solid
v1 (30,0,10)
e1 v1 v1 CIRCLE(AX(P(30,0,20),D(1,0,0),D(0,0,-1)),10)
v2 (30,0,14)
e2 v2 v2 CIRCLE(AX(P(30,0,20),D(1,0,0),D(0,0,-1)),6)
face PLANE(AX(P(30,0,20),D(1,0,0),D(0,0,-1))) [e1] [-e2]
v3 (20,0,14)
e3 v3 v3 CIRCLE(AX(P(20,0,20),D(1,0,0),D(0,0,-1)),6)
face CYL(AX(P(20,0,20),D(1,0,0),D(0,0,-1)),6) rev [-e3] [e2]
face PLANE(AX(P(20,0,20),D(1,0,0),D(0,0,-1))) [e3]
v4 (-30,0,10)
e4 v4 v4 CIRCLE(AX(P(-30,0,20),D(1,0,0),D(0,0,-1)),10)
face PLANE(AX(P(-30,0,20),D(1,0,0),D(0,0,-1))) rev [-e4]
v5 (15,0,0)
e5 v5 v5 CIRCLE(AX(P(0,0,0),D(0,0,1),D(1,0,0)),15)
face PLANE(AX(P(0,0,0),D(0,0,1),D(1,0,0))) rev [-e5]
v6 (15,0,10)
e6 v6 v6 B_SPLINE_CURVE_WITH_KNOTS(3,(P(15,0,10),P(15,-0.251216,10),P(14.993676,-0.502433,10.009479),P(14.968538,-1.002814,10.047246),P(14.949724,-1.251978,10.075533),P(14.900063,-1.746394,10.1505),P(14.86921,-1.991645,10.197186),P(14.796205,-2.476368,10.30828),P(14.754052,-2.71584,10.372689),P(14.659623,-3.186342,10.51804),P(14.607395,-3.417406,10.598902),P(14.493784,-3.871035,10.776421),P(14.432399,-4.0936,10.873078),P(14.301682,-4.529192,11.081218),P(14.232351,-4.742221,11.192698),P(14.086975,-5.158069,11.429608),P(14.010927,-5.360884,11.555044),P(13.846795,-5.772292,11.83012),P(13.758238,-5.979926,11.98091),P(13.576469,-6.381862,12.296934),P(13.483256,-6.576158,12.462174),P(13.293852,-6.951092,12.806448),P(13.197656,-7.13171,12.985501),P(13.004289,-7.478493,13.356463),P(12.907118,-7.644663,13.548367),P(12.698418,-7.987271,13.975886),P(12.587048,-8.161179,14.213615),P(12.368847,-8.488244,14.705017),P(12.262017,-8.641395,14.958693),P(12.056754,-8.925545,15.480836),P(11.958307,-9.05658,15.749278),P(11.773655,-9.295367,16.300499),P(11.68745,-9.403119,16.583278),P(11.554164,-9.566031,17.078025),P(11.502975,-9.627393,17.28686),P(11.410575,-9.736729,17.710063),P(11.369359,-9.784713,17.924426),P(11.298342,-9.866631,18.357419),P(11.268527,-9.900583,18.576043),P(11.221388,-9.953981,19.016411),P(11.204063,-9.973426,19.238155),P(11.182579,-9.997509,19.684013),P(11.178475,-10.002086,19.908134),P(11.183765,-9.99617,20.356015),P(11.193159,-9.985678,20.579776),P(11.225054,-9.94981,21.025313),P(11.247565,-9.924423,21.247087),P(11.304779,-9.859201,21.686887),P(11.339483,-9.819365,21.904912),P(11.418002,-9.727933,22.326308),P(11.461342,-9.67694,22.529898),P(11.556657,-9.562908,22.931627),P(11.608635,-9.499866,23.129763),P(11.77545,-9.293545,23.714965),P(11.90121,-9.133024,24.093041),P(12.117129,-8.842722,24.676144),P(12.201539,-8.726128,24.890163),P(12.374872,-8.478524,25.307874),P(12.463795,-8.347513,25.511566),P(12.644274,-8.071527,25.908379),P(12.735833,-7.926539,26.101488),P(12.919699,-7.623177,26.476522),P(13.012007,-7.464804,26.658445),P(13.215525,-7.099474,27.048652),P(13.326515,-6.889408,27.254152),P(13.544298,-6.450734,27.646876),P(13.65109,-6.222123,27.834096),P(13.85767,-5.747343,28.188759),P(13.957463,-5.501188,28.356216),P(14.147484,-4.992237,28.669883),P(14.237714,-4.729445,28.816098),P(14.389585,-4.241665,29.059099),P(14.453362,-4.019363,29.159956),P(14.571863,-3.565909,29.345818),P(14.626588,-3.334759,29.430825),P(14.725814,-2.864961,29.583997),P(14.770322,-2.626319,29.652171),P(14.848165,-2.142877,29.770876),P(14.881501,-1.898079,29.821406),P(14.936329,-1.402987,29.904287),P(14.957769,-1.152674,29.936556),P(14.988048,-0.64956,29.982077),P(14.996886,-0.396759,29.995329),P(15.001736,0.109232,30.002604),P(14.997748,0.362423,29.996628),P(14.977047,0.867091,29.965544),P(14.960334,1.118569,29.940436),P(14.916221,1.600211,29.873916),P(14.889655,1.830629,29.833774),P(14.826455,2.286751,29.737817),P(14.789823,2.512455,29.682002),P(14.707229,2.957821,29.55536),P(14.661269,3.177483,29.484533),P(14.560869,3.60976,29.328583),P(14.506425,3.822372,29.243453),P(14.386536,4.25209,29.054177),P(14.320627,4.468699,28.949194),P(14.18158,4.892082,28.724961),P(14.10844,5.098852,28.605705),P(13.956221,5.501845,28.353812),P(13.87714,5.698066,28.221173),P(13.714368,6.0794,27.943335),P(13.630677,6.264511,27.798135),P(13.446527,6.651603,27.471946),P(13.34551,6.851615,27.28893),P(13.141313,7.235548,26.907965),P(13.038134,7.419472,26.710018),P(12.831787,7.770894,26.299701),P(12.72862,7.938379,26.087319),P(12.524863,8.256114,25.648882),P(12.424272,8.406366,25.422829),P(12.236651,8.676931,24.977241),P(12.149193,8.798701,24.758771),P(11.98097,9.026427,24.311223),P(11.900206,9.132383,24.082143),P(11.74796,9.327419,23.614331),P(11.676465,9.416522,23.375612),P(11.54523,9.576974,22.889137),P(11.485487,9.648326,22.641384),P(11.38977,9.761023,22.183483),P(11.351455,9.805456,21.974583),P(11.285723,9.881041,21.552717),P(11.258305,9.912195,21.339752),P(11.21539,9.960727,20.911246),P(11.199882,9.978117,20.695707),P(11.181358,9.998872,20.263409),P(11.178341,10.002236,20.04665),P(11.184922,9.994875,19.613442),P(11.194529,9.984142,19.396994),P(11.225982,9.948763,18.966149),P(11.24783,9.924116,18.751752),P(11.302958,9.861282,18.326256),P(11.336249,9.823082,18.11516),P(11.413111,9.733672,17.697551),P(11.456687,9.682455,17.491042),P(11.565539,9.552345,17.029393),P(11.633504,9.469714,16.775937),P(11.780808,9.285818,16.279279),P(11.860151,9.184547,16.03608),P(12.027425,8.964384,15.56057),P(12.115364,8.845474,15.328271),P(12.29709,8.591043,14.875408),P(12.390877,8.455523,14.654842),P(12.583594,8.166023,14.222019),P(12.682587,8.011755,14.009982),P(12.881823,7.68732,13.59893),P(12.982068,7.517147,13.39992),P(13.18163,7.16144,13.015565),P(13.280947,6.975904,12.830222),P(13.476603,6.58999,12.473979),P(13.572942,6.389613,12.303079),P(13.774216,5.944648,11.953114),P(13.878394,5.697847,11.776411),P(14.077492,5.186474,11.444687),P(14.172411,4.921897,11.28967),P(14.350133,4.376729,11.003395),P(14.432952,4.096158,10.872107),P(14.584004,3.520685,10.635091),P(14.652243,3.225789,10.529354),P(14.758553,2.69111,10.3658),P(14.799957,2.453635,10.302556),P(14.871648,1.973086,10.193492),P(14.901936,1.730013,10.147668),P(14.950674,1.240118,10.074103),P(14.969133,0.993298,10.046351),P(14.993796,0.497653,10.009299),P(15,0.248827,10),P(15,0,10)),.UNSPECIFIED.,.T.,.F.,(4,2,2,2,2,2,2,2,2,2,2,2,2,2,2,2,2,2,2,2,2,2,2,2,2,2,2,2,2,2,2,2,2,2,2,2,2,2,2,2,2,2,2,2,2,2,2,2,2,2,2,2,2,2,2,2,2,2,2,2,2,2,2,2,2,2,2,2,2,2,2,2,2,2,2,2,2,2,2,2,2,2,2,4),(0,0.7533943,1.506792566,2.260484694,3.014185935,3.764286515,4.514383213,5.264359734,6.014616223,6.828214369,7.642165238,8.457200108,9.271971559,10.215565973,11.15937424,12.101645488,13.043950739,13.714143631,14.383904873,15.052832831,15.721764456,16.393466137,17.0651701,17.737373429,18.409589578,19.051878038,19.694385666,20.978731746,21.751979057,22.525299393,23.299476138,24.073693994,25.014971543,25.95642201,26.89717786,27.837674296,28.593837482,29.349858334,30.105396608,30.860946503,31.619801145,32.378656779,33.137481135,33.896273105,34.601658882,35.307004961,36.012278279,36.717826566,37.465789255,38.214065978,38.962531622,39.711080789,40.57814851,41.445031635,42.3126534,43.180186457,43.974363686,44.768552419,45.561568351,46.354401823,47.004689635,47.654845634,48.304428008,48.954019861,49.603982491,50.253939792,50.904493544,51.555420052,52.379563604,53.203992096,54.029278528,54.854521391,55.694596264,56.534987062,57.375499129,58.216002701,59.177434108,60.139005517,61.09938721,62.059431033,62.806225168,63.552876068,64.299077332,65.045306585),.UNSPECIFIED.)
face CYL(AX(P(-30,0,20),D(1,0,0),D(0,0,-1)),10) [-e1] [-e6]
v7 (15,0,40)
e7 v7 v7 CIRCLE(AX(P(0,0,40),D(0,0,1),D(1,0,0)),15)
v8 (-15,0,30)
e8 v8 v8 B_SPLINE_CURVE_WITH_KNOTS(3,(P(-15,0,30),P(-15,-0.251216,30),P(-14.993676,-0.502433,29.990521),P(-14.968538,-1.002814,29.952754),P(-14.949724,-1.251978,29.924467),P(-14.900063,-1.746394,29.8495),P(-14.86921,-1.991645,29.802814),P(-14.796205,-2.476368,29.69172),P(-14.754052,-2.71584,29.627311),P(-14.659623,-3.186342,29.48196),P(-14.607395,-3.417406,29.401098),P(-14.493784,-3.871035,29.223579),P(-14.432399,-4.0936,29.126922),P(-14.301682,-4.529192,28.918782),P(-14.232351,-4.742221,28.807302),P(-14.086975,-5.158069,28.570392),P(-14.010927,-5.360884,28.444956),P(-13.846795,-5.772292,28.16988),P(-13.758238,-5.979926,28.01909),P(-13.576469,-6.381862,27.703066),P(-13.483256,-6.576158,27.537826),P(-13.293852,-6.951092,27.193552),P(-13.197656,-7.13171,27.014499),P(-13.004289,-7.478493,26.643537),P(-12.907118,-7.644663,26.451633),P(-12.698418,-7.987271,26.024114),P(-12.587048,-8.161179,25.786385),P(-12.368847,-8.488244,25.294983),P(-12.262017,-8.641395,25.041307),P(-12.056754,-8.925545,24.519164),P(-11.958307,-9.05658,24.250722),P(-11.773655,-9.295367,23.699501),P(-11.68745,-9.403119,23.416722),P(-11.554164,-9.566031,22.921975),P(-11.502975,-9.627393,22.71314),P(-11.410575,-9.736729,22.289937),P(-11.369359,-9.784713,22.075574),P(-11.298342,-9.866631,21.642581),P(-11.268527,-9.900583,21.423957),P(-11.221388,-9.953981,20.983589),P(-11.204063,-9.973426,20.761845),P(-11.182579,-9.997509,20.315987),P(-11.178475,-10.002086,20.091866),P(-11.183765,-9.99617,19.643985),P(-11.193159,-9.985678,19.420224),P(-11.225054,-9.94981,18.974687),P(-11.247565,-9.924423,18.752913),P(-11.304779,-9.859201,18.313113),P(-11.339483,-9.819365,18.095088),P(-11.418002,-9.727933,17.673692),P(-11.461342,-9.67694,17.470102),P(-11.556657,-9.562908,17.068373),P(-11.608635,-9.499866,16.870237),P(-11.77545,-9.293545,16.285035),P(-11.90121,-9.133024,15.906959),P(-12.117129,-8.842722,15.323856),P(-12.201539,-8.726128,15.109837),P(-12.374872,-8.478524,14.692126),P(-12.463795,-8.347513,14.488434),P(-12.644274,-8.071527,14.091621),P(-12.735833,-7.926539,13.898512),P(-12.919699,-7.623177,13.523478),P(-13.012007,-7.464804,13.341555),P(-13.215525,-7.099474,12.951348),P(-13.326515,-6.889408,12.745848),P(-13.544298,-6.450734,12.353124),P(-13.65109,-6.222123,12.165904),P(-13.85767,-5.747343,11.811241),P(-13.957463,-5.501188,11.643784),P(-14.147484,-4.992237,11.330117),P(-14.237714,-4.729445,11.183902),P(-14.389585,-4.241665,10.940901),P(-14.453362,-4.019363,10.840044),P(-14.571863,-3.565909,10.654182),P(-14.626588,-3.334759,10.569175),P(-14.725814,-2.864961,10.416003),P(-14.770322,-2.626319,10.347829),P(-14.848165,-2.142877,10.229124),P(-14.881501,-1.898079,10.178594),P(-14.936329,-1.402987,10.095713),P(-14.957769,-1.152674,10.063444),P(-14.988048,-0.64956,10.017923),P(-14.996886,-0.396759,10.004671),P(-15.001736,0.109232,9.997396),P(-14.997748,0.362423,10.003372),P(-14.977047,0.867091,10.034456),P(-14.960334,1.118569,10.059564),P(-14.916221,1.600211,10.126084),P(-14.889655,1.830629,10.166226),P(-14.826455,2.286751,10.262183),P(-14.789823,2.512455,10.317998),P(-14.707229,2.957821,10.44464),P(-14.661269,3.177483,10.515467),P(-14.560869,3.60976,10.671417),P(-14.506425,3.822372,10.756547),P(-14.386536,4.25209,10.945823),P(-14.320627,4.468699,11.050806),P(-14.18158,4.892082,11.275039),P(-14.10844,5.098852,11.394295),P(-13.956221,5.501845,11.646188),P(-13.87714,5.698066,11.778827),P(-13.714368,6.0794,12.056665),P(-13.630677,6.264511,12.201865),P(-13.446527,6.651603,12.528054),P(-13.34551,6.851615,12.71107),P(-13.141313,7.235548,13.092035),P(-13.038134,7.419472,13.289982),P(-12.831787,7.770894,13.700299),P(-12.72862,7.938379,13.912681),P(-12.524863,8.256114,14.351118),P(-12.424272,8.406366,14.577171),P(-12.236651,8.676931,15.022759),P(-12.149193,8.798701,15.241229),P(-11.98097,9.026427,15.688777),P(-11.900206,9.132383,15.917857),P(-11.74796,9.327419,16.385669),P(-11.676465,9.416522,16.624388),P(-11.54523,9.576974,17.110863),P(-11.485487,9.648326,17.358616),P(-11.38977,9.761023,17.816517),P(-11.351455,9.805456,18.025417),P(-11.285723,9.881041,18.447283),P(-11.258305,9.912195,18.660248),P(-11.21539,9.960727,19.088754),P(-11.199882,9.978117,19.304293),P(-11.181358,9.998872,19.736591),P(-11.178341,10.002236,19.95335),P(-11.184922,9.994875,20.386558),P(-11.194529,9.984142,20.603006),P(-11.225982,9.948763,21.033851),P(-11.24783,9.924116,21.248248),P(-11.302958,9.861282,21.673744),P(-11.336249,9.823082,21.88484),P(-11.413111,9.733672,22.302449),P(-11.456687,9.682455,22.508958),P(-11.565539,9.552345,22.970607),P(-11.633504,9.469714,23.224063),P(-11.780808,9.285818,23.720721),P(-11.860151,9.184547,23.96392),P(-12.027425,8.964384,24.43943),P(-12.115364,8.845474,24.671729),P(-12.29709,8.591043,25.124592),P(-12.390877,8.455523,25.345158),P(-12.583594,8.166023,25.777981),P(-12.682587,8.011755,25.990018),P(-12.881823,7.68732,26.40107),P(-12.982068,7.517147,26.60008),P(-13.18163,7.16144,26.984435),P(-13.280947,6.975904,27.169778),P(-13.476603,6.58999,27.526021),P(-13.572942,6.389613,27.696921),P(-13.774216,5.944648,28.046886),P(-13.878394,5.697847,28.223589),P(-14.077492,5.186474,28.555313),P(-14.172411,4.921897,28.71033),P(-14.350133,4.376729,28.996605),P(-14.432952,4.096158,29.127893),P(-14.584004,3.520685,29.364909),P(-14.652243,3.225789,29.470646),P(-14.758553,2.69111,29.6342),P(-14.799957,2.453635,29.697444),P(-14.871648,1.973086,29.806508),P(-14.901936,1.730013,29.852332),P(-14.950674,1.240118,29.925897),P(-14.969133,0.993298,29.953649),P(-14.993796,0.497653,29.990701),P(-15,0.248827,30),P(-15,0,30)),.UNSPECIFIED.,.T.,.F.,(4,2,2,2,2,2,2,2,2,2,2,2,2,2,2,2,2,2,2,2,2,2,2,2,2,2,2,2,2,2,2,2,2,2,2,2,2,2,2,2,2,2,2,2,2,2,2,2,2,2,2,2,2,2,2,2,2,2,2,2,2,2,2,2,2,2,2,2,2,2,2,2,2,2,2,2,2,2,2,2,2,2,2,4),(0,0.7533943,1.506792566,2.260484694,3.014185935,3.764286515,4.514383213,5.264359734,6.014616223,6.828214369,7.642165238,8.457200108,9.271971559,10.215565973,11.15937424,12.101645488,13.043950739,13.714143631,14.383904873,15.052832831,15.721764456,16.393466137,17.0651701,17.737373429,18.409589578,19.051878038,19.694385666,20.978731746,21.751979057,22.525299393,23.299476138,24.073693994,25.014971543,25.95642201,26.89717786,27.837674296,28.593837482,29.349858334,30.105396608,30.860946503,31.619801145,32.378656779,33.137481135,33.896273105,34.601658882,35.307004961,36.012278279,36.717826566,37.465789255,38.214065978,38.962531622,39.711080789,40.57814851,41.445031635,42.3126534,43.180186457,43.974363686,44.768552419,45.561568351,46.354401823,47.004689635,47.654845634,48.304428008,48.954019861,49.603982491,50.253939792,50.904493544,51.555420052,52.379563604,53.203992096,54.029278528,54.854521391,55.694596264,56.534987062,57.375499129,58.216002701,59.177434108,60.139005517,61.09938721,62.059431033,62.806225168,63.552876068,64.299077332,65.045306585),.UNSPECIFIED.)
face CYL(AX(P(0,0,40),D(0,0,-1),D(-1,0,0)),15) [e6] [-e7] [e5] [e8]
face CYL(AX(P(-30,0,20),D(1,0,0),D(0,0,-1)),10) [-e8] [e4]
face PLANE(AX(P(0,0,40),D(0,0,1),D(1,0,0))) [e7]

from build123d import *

# Parameters (mm, degrees)
SKETCH3_R                = 15
BOSS_EXTRUDE2_DEPTH      = 40
BOSS_EXTRUDE3_DEPTH      = 30
BOSS_EXTRUDE3_DEPTH_BACK = 30
SKETCH4_R                = 10
SKETCH5_OUTSIDE_W        = 57.62
SKETCH5_OUTSIDE_H        = 47.62
SKETCH5_OUTSIDE_R        = 10
SKETCH5_OUTSIDE_R_2      = 6
CUT_EXTRUDE2_DEPTH       = 10


with BuildPart() as part:
    # Sketch3 → Boss-Extrude2 (new body)
    with BuildSketch(Plane.XY):
        Circle(SKETCH3_R)
    extrude(amount=BOSS_EXTRUDE2_DEPTH)

    # Sketch4 → Boss-Extrude3 (add, two sides: drawn at the far end of the back side and taken through both)
    with BuildSketch(Plane(origin=(0, 0, 0), x_dir=(0, 0, -1), z_dir=(1, 0, 0)).offset(-BOSS_EXTRUDE3_DEPTH_BACK)):
        with Locations((-20, 0)):
            Circle(SKETCH4_R)
    extrude(amount=BOSS_EXTRUDE3_DEPTH + BOSS_EXTRUDE3_DEPTH_BACK)

    # Sketch5 outside → Cut-Extrude2 (cut)
    # profile 1 of 2: a face of its own
    with BuildSketch(Plane(origin=(30, 0, 0), x_dir=(0, 0, -1), z_dir=(1, 0, 0))):
        with Locations((-20, 0)):
            Rectangle(SKETCH5_OUTSIDE_W, SKETCH5_OUTSIDE_H)
        with Locations((-20, 0)):
            Circle(SKETCH5_OUTSIDE_R, mode=Mode.SUBTRACT)
    # profile 2 of 2: a face of its own
    with BuildSketch(Plane(origin=(30, 0, 0), x_dir=(0, 0, -1), z_dir=(1, 0, 0))):
        with Locations((-20, 0)):
            Circle(SKETCH5_OUTSIDE_R_2)
    extrude(amount=-CUT_EXTRUDE2_DEPTH, mode=Mode.SUBTRACT)


solid = part.part
